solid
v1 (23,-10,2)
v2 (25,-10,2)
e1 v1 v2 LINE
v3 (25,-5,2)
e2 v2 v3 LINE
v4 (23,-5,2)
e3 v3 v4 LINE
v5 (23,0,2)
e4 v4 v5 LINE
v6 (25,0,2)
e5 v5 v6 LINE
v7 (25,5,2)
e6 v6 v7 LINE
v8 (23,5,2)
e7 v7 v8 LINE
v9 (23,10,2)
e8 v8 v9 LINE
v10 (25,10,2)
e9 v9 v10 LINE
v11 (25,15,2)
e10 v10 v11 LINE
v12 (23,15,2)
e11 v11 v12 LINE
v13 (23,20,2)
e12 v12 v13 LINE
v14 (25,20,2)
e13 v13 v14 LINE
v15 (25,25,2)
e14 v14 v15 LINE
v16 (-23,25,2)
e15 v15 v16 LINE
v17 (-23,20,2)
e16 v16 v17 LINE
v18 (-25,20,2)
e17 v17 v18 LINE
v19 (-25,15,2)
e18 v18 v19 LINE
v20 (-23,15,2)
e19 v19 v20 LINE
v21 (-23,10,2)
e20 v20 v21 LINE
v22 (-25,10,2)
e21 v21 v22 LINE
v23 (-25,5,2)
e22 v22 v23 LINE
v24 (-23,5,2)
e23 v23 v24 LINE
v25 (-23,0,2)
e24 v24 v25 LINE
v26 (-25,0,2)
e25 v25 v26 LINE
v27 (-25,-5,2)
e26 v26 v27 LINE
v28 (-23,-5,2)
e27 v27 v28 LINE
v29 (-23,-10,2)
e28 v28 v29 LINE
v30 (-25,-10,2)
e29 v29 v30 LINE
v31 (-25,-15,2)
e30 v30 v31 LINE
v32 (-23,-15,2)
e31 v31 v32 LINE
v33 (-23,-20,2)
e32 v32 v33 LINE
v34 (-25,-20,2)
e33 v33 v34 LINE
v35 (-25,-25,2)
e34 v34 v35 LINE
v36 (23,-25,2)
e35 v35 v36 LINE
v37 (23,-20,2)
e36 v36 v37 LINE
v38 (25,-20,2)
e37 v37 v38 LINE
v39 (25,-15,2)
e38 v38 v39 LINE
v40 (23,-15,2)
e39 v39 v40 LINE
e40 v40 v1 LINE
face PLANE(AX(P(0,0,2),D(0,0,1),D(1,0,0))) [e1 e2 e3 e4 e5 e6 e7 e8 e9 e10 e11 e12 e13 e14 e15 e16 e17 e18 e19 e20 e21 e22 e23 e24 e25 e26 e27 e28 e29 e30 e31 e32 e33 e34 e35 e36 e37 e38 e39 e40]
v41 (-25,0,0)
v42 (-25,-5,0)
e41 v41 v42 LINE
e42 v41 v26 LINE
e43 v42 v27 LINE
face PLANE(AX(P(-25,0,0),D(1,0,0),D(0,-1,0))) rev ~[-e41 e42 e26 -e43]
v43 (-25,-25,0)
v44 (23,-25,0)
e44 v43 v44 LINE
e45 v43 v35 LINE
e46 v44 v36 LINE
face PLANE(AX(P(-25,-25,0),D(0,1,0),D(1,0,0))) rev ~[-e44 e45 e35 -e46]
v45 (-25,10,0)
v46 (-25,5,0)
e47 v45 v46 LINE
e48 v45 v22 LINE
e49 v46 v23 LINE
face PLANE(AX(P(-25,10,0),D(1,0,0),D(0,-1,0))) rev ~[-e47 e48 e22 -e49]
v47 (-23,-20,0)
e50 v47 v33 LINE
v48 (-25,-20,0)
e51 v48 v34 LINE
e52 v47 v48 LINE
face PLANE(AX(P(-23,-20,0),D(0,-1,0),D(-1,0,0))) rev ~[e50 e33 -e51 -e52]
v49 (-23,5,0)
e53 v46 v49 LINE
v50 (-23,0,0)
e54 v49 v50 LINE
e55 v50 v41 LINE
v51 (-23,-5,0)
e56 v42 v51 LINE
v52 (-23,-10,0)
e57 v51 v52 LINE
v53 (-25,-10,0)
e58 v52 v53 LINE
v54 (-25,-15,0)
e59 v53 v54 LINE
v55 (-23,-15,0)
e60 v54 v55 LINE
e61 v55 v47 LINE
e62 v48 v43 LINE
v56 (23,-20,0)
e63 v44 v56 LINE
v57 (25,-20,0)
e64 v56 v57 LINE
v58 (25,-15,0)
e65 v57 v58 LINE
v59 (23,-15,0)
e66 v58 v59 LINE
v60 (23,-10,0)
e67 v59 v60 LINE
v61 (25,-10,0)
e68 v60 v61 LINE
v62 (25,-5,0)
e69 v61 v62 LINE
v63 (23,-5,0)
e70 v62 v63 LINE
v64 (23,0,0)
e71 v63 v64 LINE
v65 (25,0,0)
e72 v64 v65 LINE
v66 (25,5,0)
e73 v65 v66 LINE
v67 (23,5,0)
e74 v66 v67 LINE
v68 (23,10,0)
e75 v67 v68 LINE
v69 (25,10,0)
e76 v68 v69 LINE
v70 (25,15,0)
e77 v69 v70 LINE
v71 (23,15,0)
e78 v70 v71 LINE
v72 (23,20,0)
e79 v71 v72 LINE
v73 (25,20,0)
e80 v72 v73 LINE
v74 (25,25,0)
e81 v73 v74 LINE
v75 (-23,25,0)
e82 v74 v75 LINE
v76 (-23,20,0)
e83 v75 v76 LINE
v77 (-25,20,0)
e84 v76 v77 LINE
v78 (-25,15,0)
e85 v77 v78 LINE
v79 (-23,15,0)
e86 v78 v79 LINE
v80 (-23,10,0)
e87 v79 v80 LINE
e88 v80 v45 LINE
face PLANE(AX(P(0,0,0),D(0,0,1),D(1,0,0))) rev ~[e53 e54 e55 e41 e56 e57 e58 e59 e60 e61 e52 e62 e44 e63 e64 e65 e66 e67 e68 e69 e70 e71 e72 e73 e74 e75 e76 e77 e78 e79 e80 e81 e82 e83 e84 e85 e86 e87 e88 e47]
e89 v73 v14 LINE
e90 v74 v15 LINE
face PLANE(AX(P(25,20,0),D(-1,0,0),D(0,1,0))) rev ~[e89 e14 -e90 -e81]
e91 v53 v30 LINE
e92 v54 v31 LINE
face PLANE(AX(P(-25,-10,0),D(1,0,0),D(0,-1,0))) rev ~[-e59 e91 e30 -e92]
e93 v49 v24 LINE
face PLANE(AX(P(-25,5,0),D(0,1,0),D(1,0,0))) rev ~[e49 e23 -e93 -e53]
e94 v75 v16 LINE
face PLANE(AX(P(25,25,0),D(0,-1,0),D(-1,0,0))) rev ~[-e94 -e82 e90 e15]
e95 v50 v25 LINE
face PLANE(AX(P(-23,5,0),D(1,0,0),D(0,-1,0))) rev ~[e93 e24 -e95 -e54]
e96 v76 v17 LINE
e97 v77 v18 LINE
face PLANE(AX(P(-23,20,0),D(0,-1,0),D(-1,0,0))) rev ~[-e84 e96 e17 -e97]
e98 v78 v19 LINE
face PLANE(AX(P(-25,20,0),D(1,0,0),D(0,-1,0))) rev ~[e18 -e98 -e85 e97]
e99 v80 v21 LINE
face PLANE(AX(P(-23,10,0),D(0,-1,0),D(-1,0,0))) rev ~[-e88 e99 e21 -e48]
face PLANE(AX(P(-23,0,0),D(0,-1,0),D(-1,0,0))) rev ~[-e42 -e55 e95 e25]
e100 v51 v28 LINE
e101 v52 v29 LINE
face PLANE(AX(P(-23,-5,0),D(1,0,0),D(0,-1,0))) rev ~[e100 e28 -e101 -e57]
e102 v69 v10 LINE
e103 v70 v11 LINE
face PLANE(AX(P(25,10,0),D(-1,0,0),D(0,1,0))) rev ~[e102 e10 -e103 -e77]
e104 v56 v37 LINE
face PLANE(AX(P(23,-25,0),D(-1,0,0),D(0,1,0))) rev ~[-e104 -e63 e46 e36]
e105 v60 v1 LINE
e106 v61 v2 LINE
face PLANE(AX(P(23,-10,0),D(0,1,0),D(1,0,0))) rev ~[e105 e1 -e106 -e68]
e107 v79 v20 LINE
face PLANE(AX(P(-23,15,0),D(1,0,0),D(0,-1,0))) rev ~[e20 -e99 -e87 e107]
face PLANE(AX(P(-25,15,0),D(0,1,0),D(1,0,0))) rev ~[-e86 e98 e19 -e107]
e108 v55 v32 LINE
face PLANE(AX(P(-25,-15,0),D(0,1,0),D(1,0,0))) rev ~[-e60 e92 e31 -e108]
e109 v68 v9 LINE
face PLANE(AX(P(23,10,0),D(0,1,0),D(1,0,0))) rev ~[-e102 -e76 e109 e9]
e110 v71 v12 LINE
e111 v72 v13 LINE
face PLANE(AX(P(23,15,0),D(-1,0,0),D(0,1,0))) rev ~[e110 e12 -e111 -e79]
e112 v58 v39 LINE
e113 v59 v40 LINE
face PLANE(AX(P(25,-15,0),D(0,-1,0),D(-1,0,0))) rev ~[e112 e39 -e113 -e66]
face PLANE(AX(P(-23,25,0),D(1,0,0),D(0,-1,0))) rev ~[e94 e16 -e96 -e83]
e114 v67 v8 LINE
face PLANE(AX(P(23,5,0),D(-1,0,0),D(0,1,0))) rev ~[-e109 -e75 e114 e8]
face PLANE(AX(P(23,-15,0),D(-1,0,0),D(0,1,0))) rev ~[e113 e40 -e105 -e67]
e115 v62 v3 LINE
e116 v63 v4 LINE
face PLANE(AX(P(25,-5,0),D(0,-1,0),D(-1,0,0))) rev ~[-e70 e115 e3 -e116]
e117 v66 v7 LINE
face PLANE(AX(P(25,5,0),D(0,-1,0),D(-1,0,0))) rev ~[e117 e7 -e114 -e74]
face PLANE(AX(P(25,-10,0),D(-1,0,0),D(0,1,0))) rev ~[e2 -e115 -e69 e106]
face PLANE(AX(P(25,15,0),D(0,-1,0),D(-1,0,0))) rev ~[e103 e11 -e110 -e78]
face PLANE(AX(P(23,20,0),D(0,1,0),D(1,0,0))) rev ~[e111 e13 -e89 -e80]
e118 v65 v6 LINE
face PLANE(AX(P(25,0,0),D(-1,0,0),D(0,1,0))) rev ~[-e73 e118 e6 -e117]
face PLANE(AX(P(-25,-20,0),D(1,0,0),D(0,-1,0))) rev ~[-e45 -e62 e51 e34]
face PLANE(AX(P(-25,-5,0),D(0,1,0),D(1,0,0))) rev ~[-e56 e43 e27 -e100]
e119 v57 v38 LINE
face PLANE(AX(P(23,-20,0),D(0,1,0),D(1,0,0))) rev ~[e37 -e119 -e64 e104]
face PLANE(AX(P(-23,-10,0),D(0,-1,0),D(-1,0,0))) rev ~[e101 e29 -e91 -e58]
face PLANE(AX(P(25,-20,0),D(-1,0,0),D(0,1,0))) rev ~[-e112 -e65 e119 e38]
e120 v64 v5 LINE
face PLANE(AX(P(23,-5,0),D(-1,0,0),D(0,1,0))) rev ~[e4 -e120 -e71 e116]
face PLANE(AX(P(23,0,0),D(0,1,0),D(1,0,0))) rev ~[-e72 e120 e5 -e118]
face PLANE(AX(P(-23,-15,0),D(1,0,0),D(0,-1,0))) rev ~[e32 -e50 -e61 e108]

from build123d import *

# Parameters (mm, degrees)
F1_DEPTH = 2


with BuildPart() as f1:
    # F0 (on Top) → F1 (new body)
    with BuildSketch(Plane.XY):
        Polygon((-25, -25), (23, -25), (23, -20), (25, -20), (25, -15), (23, -15), (23, -10), (25, -10), (25, -5), (23, -5), (23, 0), (25, 0), (25, 5), (23, 5), (23, 10), (25, 10), (25, 15), (23, 15), (23, 20), (25, 20), (25, 25), (-23, 25), (-23, 20), (-25, 20), (-25, 15), (-23, 15), (-23, 10), (-25, 10), (-25, 5), (-23, 5), (-23, 0), (-25, 0), (-25, -5), (-23, -5), (-23, -10), (-25, -10), (-25, -15), (-23, -15), (-23, -20), (-25, -20), align=None)
    extrude(amount=F1_DEPTH)


solid = f1.part
